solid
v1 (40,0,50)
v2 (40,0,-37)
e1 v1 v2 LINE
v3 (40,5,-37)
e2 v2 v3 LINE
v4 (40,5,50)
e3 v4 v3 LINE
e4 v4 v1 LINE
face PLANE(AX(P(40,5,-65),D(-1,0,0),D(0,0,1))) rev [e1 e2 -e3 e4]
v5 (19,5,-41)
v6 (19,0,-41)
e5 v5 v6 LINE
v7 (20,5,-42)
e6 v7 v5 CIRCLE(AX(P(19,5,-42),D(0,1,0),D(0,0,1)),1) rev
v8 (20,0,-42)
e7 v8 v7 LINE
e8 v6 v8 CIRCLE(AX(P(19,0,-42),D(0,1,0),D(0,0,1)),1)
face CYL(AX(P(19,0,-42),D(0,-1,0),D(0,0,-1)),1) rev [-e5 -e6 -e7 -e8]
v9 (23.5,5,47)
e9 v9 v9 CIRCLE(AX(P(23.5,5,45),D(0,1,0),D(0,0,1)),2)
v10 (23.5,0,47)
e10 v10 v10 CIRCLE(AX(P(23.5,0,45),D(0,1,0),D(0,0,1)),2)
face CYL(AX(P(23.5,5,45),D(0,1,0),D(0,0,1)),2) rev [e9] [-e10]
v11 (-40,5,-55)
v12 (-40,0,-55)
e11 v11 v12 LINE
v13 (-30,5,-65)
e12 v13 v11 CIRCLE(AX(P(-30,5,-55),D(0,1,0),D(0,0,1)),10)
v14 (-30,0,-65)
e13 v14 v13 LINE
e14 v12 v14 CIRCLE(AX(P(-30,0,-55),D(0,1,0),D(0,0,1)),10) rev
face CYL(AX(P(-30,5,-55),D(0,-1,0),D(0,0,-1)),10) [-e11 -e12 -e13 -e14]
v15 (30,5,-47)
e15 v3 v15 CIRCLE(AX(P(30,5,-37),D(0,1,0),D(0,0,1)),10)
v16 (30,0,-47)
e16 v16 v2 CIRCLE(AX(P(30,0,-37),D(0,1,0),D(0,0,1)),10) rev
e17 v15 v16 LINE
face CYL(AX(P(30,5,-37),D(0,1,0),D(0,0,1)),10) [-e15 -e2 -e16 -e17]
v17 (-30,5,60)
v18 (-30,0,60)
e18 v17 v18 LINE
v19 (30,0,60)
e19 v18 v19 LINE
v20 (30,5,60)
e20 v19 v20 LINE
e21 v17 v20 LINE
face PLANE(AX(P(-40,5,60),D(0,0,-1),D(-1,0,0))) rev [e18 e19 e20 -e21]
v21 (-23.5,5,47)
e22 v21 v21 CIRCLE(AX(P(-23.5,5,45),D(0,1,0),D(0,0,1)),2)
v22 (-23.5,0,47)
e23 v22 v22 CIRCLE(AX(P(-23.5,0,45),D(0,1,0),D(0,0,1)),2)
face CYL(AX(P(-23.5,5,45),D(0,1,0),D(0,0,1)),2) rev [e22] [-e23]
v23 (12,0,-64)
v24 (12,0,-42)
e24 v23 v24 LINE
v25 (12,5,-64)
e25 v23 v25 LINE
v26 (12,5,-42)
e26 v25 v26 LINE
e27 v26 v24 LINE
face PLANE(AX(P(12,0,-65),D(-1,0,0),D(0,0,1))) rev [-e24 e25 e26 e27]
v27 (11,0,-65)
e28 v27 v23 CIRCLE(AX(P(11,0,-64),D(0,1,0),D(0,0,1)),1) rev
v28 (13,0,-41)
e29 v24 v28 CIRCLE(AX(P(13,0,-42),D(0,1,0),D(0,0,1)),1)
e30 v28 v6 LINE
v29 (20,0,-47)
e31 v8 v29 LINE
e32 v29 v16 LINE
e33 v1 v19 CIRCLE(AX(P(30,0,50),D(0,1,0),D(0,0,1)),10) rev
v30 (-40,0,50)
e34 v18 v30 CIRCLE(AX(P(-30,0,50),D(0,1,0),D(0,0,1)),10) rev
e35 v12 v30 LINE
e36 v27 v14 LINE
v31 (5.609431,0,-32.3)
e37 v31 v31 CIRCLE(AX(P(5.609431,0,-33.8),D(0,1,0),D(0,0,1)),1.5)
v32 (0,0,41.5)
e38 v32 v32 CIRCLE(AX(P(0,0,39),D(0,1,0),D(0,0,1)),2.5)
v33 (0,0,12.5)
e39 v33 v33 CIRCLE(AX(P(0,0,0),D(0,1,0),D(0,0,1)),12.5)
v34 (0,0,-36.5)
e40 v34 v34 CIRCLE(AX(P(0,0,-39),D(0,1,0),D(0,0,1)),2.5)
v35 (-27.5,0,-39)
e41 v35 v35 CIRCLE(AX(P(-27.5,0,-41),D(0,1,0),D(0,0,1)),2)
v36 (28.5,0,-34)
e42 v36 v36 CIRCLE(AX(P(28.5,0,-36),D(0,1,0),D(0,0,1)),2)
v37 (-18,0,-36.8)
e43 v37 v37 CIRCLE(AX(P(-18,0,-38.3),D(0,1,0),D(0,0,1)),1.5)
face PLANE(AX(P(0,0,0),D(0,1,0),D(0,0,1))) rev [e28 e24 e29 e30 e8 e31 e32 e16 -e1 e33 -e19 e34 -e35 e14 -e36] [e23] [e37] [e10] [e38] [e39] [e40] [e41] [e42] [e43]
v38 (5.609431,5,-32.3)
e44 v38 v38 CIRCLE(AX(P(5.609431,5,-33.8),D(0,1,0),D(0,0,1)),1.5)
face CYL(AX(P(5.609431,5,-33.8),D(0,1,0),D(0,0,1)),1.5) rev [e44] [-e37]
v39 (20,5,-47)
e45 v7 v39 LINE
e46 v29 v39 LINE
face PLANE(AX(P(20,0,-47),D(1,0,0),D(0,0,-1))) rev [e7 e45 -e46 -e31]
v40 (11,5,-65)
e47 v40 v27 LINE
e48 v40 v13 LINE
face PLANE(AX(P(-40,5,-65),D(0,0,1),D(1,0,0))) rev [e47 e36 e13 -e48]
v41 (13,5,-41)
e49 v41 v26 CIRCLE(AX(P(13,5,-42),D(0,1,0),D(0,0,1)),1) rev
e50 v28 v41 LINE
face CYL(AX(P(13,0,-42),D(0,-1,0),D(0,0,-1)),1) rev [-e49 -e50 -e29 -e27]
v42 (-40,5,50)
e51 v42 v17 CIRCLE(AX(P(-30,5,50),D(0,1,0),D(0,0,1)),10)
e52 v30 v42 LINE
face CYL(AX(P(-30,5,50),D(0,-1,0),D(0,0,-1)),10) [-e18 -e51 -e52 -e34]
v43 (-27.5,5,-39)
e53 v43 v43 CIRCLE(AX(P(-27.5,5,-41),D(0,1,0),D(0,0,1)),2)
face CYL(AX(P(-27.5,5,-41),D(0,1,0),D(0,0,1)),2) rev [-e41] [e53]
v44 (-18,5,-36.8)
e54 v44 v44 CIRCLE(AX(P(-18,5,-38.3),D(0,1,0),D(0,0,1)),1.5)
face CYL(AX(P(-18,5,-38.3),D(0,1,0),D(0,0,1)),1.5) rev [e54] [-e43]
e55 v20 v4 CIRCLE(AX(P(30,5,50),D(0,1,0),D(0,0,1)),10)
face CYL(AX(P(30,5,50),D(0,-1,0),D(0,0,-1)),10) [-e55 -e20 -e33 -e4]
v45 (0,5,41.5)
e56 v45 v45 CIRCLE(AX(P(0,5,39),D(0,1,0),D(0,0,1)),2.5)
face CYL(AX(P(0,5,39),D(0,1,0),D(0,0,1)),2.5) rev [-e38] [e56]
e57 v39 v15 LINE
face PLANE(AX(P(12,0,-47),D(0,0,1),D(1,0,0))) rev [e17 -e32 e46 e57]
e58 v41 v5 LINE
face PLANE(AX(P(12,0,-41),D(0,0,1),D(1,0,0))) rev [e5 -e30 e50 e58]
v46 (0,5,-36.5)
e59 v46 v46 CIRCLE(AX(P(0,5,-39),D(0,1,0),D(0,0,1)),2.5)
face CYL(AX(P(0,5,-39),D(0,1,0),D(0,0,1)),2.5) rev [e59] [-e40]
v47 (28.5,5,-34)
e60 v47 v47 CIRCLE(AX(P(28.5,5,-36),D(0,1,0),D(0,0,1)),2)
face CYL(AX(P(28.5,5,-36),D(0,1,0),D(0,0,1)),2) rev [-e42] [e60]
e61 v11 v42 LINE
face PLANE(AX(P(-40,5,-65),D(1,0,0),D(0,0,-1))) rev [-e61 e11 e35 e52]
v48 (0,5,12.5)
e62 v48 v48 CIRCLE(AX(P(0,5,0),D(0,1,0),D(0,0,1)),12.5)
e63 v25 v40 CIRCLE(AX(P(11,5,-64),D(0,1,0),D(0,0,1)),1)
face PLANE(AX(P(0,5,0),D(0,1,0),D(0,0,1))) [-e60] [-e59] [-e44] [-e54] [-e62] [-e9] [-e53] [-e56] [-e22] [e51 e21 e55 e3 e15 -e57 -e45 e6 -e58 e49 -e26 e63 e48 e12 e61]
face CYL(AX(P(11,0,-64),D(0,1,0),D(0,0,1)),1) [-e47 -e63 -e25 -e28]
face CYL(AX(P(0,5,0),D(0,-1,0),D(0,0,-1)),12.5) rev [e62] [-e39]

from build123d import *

# Parameters (mm, degrees)
SKETCH_1_W          = 80
SKETCH_1_H          = 125
SKETCH_1_R          = 12.5
EXTRUDE_1_DEPTH     = 5
SKETCH_2_W          = 28
SKETCH_2_H          = 18
CUT_EXTRUDE_1_DEPTH = 6
MM_CLEARANCE_1_D    = 4
MM_TRANSITIONAL_1_D = 5
FILLET_1_R          = 10
MM_TRANSITIONAL_2_D = 3
SKETCH_12_W         = 8
SKETCH_12_H         = 6
CUT_EXTRUDE_2_DEPTH = 6
FILLET_2_R          = 1


with BuildPart() as part:
    # 草图1 → 凸台-拉伸1 (new body)
    with BuildSketch(Plane(origin=(0, 0, 0), x_dir=(1, 0, 0), z_dir=(0, 1, 0))):
        with Locations((0, 2.5)):
            Rectangle(SKETCH_1_W, SKETCH_1_H)
        Circle(SKETCH_1_R, mode=Mode.SUBTRACT)
    extrude(amount=EXTRUDE_1_DEPTH)

    # 草图2 → 切除-拉伸1 (cut, through all)
    with BuildSketch(Plane(origin=(0, 5, 0), x_dir=(1, 0, 0), z_dir=(0, 1, 0))):
        with Locations((26, 56)):
            Rectangle(SKETCH_2_W, SKETCH_2_H)
    extrude(amount=-CUT_EXTRUDE_1_DEPTH, mode=Mode.SUBTRACT)

    # 大小mm Clearance 暗销孔1 (through all)
    with Locations(Plane(origin=(0, 5, 0), x_dir=(1, 0, 0), z_dir=(0, 1, 0))):
        with Locations((-23.5, -45), (23.5, -45), (28.5, 36), (-27.5, 41)):
            Hole(MM_CLEARANCE_1_D / 2)

    # 大小mm Transitional 暗销孔1 (through all)
    with Locations(Plane(origin=(0, 5, 0), x_dir=(1, 0, 0), z_dir=(0, 1, 0))):
        with Locations((0, -39), (0, 39)):
            Hole(MM_TRANSITIONAL_1_D / 2)

    # 圆角1
    fillet_1_edges = [part.edges().sort_by_distance(p)[0] for p in [
        (40, 2.5, -47),
        (-40, 2.5, -65),
        (40, 2.5, 60),
        (-40, 2.5, 60),
    ]]
    fillet(fillet_1_edges, radius=FILLET_1_R)

    # 大小mm Transitional 暗销孔2 (through all)
    with Locations(Plane(origin=(0, 5, 0), x_dir=(1, 0, 0), z_dir=(0, 1, 0))):
        with Locations((5.609431358, 33.8), (-18, 38.3)):
            Hole(MM_TRANSITIONAL_2_D / 2)

    # 草图12 → 切除-拉伸2 (cut, through all)
    with BuildSketch(Plane(origin=(0, 5, 0), x_dir=(1, 0, 0), z_dir=(0, 1, 0))):
        with Locations((16, 44)):
            Rectangle(SKETCH_12_W, SKETCH_12_H)
    extrude(amount=-CUT_EXTRUDE_2_DEPTH, mode=Mode.SUBTRACT)

    # 圆角2
    fillet_2_edges = [part.edges().sort_by_distance(p)[0] for p in [
        (12, 2.5, -41),
        (20, 2.5, -41),
        (12, 2.5, -65),
    ]]
    fillet(fillet_2_edges, radius=FILLET_2_R)


solid = part.part
